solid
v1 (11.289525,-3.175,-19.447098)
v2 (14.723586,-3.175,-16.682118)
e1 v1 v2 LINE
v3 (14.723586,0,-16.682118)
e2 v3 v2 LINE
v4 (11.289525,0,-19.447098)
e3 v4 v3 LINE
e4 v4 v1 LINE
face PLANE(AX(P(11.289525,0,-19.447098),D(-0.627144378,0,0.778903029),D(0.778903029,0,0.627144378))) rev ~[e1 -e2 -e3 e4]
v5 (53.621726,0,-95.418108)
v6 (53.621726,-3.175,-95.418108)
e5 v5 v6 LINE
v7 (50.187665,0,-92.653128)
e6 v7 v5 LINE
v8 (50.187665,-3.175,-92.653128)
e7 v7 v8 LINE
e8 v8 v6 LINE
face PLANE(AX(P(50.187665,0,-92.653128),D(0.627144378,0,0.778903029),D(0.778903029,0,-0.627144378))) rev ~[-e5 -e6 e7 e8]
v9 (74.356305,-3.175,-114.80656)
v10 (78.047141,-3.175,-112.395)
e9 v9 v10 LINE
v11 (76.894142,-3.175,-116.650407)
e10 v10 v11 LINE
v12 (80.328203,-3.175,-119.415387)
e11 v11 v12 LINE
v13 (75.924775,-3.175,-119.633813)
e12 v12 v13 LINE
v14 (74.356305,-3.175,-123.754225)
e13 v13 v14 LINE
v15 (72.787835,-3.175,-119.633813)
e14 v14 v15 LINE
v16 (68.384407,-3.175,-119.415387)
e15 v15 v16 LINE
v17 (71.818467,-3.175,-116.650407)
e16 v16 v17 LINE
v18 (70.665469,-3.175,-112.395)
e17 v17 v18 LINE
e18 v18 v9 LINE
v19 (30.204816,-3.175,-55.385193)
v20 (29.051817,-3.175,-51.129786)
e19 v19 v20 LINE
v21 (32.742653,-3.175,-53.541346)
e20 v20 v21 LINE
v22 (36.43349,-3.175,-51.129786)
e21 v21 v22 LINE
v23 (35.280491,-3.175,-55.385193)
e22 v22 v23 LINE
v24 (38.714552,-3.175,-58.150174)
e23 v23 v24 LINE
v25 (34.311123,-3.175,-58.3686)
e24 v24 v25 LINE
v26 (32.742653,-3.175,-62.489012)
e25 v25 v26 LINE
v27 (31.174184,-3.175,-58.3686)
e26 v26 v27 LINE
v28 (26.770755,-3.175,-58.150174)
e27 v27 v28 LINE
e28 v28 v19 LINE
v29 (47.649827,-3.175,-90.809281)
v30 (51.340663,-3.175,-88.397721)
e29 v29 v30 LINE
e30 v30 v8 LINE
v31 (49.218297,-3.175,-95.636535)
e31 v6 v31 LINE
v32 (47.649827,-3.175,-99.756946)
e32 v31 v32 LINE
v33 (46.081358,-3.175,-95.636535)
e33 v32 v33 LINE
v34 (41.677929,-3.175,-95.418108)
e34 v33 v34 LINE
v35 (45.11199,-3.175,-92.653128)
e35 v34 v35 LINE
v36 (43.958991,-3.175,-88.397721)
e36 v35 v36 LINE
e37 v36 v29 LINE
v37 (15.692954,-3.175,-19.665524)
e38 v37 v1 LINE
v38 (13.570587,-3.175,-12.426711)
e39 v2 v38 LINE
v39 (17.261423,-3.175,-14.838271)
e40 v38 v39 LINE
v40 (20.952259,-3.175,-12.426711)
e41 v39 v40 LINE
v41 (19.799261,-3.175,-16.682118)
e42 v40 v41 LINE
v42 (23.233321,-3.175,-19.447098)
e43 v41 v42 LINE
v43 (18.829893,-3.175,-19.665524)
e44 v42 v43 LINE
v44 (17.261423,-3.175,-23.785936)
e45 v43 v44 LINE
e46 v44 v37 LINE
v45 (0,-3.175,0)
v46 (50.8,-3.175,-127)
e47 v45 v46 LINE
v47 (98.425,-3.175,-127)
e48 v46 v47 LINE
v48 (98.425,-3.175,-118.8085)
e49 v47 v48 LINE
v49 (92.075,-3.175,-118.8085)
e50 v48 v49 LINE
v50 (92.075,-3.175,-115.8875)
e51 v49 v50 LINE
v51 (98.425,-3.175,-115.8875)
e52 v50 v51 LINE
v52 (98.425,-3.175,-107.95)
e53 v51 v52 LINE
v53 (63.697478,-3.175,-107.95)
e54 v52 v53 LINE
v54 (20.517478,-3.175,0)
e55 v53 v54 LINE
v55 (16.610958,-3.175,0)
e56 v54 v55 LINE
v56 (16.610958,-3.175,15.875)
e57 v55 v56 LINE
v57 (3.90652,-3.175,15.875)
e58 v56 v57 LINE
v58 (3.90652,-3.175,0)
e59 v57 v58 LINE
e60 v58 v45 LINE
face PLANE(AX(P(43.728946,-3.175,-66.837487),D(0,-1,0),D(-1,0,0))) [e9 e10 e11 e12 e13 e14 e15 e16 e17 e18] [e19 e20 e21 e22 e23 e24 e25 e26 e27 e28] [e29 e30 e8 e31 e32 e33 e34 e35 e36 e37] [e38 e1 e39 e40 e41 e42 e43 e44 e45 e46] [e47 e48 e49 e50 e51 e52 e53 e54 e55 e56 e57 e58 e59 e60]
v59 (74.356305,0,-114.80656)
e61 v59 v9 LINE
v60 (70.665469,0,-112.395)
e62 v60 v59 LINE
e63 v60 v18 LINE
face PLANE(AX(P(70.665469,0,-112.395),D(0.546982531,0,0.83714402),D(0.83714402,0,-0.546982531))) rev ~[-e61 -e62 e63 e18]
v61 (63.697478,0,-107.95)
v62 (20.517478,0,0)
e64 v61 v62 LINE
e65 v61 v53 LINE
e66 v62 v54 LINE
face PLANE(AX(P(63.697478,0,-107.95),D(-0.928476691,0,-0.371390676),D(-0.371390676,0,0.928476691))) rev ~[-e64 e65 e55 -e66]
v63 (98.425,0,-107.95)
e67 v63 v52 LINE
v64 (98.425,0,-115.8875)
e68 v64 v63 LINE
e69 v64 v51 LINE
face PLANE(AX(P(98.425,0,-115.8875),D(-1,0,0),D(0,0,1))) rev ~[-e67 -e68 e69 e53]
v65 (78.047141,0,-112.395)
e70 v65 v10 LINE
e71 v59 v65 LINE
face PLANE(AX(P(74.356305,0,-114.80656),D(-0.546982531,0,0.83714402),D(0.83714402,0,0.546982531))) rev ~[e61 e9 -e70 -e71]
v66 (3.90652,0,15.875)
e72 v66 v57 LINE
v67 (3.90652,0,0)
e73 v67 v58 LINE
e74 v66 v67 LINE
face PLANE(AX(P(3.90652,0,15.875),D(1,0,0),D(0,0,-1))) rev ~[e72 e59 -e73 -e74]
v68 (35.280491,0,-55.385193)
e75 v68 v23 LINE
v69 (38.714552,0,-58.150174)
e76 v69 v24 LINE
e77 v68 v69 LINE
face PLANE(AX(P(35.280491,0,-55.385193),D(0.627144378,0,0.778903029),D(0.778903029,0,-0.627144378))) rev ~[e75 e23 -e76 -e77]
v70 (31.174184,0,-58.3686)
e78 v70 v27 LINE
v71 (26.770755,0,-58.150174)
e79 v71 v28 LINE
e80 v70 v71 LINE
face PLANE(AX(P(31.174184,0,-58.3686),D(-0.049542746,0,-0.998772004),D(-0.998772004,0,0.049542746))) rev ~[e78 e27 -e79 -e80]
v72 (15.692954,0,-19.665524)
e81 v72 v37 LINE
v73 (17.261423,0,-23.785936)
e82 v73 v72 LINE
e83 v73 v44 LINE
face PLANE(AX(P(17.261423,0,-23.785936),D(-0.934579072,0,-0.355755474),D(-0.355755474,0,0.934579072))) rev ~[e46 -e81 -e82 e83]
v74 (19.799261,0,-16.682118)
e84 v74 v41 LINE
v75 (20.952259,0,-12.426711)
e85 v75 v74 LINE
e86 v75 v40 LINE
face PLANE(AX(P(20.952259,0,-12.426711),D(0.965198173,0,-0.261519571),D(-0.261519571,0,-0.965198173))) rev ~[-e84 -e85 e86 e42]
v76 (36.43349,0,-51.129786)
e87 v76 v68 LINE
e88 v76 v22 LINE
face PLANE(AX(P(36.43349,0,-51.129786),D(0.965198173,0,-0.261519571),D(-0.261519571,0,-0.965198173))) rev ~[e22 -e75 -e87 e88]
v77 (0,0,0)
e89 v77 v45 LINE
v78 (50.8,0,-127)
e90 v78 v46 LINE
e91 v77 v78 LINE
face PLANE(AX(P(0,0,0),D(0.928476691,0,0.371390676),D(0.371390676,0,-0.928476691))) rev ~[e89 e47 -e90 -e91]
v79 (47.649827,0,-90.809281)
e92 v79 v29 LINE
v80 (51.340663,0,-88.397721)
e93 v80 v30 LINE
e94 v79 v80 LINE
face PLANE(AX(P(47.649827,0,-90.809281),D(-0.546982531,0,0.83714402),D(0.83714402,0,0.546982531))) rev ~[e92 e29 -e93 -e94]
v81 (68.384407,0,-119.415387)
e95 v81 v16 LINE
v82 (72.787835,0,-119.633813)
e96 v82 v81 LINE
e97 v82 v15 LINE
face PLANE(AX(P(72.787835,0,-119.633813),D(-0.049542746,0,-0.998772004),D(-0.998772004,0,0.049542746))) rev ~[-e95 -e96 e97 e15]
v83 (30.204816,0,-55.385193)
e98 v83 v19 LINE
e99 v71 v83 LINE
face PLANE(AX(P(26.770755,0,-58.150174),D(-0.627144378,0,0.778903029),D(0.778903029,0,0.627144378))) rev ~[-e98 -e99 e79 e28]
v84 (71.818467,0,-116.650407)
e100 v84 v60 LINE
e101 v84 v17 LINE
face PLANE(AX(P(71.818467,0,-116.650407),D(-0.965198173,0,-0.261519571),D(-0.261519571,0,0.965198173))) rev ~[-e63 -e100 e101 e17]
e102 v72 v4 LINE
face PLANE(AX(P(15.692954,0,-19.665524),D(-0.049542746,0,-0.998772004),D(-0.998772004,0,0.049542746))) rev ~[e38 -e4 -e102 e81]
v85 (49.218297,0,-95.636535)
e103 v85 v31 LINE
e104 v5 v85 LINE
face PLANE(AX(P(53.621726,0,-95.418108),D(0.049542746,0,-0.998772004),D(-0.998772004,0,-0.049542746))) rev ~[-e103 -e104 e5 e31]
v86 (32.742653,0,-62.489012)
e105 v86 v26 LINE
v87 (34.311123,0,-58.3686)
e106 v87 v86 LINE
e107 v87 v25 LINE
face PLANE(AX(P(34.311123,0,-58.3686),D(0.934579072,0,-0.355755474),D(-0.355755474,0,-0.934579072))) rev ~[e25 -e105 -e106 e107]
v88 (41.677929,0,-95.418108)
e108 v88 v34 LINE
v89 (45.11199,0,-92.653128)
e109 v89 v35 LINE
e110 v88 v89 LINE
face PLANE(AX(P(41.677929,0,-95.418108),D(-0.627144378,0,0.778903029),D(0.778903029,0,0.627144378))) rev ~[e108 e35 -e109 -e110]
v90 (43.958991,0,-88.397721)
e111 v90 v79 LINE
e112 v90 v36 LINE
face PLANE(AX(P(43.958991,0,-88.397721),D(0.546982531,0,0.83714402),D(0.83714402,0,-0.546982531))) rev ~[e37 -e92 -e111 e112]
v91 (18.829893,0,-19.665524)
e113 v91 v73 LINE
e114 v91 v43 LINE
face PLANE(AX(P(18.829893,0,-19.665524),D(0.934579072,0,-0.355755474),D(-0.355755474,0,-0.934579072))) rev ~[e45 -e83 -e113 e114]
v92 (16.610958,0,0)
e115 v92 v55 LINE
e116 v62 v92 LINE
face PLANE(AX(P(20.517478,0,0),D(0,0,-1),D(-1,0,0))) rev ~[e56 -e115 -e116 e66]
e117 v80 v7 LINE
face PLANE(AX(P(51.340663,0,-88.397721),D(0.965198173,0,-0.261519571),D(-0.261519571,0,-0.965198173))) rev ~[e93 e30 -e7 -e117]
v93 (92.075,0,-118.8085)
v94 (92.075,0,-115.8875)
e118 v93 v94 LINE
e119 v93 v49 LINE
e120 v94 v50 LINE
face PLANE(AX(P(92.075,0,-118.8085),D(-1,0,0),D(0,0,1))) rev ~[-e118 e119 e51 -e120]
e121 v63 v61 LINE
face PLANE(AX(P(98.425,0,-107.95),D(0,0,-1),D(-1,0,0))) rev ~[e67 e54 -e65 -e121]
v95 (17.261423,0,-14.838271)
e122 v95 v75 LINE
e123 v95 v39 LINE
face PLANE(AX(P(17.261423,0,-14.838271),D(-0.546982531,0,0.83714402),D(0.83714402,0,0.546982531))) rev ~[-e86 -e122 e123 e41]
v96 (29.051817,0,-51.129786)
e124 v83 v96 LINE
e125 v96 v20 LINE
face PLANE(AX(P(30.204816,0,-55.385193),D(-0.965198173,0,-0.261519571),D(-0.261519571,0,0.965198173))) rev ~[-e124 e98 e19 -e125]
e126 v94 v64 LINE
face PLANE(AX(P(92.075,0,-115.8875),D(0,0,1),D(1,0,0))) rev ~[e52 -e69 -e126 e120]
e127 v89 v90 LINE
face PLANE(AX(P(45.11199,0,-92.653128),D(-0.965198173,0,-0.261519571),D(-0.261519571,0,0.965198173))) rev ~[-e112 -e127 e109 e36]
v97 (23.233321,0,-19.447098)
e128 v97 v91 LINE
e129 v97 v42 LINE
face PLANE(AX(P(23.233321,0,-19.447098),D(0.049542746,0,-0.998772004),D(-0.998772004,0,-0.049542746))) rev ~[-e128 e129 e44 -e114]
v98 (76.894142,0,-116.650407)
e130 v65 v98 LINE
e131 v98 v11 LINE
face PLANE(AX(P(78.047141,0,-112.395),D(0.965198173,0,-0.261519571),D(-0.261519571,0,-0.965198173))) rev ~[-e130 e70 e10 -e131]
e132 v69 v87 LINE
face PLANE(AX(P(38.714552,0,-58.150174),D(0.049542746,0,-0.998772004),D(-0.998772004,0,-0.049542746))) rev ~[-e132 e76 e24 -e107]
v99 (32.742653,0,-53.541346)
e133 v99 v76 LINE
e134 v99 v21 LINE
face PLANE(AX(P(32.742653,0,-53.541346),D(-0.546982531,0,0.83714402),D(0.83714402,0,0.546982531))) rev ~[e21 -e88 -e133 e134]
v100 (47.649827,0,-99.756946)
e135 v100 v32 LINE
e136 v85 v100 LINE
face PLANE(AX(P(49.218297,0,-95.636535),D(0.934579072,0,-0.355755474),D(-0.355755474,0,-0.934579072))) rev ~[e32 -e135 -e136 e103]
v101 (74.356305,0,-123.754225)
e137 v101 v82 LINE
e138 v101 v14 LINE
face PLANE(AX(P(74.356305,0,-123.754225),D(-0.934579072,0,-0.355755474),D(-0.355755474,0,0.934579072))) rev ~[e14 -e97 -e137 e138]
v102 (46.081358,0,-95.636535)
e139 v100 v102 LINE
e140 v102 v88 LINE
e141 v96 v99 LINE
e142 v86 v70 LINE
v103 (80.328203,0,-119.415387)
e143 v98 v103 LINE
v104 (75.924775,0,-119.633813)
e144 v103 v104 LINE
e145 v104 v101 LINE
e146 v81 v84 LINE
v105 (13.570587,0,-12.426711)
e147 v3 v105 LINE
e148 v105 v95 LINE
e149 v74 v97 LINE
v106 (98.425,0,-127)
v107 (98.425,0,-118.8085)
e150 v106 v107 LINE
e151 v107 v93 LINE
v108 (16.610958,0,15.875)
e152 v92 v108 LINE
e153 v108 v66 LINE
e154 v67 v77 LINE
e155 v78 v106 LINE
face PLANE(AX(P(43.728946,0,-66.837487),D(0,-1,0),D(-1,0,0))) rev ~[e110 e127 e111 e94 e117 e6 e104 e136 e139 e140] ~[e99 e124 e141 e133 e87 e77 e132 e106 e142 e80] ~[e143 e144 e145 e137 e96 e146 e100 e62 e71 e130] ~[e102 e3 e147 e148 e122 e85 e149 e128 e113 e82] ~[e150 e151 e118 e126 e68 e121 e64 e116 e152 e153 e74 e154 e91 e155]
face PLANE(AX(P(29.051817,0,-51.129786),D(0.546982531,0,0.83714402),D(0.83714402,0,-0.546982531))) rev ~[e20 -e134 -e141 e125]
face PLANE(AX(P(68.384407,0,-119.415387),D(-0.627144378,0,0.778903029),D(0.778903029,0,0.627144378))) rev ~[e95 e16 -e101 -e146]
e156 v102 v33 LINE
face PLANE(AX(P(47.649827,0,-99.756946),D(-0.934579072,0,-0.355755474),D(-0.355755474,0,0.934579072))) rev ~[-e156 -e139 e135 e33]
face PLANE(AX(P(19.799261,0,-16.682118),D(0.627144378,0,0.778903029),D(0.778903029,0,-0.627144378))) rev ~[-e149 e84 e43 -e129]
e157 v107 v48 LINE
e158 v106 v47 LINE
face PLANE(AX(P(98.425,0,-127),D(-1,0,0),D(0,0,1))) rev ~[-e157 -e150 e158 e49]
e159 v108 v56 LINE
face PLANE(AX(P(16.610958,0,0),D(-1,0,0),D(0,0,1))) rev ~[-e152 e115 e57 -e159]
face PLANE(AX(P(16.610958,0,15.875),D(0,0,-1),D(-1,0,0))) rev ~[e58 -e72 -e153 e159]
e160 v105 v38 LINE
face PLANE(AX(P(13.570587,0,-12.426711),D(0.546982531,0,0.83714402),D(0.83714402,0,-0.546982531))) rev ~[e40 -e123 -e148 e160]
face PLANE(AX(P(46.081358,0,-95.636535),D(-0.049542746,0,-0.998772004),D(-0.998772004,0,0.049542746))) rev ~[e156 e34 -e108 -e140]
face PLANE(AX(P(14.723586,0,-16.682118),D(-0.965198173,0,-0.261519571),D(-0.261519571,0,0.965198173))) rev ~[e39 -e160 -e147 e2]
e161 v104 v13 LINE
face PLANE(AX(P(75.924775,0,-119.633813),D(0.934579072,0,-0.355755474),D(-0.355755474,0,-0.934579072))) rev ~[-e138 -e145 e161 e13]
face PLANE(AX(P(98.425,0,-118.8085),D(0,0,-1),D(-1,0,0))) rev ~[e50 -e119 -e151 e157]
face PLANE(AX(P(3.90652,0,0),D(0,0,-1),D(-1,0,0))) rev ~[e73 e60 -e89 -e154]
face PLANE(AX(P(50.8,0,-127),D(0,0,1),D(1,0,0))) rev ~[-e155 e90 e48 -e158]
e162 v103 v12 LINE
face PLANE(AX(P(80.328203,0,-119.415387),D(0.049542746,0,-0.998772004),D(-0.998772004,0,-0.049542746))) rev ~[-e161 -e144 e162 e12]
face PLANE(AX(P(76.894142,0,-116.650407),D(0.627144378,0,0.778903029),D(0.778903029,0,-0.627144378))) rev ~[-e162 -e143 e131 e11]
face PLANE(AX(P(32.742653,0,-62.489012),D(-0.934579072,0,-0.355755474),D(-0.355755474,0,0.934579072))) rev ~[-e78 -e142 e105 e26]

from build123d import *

# Parameters (mm, degrees)
BOSS_EXTRUDE1_DEPTH = 3.175


with BuildPart() as part:
    # Sketch1 → Boss-Extrude1 (new body)
    with BuildSketch(Plane(origin=(0, 0, 0), x_dir=(1, 0, 0), z_dir=(0, 1, 0))):
        Polygon((98.425, 127), (98.425, 118.8085), (92.075, 118.8085), (92.075, 115.8875), (98.425, 115.8875), (98.425, 107.95), (63.697477915, 107.95), (20.517477915, 0), (16.610957915, 0), (16.610957915, -15.875), (3.90652, -15.875), (3.90652, 0), (0, 0), (50.8, 127), align=None)
        Polygon((74.356304753, 123.754225326), (72.787834938, 119.633813496), (68.38440659, 119.415387337), (71.818467282, 116.65040662), (70.665468711, 112.395), (74.356304753, 114.806559768), (78.047140796, 112.395), (76.894142225, 116.65040662), (80.328202917, 119.415387337), (75.924774569, 119.633813496), align=None, mode=Mode.SUBTRACT)
        Polygon((47.649827384, 99.756946391), (46.081357569, 95.636534562), (41.67792922, 95.418108402), (45.111989912, 92.653127685), (43.958991341, 88.397721065), (47.649827384, 90.809280833), (51.340663426, 88.397721065), (50.187664855, 92.653127685), (53.621725547, 95.418108402), (49.218297199, 95.636534562), align=None, mode=Mode.SUBTRACT)
        Polygon((32.742653477, 62.489011624), (31.174183662, 58.368599795), (26.770755314, 58.150173636), (30.204816006, 55.385192919), (29.051817435, 51.129786299), (32.742653477, 53.541346066), (36.433489519, 51.129786299), (35.280490948, 55.385192919), (38.71455164, 58.150173636), (34.311123292, 58.368599795), align=None, mode=Mode.SUBTRACT)
        Polygon((17.261423317, 23.785936225), (15.692953502, 19.665524395), (11.289525154, 19.447098236), (14.723585846, 16.682117519), (13.570587275, 12.426710899), (17.261423317, 14.838270667), (20.952259359, 12.426710899), (19.799260788, 16.682117519), (23.23332148, 19.447098236), (18.829893132, 19.665524395), align=None, mode=Mode.SUBTRACT)
    extrude(amount=-BOSS_EXTRUDE1_DEPTH)


solid = part.part
